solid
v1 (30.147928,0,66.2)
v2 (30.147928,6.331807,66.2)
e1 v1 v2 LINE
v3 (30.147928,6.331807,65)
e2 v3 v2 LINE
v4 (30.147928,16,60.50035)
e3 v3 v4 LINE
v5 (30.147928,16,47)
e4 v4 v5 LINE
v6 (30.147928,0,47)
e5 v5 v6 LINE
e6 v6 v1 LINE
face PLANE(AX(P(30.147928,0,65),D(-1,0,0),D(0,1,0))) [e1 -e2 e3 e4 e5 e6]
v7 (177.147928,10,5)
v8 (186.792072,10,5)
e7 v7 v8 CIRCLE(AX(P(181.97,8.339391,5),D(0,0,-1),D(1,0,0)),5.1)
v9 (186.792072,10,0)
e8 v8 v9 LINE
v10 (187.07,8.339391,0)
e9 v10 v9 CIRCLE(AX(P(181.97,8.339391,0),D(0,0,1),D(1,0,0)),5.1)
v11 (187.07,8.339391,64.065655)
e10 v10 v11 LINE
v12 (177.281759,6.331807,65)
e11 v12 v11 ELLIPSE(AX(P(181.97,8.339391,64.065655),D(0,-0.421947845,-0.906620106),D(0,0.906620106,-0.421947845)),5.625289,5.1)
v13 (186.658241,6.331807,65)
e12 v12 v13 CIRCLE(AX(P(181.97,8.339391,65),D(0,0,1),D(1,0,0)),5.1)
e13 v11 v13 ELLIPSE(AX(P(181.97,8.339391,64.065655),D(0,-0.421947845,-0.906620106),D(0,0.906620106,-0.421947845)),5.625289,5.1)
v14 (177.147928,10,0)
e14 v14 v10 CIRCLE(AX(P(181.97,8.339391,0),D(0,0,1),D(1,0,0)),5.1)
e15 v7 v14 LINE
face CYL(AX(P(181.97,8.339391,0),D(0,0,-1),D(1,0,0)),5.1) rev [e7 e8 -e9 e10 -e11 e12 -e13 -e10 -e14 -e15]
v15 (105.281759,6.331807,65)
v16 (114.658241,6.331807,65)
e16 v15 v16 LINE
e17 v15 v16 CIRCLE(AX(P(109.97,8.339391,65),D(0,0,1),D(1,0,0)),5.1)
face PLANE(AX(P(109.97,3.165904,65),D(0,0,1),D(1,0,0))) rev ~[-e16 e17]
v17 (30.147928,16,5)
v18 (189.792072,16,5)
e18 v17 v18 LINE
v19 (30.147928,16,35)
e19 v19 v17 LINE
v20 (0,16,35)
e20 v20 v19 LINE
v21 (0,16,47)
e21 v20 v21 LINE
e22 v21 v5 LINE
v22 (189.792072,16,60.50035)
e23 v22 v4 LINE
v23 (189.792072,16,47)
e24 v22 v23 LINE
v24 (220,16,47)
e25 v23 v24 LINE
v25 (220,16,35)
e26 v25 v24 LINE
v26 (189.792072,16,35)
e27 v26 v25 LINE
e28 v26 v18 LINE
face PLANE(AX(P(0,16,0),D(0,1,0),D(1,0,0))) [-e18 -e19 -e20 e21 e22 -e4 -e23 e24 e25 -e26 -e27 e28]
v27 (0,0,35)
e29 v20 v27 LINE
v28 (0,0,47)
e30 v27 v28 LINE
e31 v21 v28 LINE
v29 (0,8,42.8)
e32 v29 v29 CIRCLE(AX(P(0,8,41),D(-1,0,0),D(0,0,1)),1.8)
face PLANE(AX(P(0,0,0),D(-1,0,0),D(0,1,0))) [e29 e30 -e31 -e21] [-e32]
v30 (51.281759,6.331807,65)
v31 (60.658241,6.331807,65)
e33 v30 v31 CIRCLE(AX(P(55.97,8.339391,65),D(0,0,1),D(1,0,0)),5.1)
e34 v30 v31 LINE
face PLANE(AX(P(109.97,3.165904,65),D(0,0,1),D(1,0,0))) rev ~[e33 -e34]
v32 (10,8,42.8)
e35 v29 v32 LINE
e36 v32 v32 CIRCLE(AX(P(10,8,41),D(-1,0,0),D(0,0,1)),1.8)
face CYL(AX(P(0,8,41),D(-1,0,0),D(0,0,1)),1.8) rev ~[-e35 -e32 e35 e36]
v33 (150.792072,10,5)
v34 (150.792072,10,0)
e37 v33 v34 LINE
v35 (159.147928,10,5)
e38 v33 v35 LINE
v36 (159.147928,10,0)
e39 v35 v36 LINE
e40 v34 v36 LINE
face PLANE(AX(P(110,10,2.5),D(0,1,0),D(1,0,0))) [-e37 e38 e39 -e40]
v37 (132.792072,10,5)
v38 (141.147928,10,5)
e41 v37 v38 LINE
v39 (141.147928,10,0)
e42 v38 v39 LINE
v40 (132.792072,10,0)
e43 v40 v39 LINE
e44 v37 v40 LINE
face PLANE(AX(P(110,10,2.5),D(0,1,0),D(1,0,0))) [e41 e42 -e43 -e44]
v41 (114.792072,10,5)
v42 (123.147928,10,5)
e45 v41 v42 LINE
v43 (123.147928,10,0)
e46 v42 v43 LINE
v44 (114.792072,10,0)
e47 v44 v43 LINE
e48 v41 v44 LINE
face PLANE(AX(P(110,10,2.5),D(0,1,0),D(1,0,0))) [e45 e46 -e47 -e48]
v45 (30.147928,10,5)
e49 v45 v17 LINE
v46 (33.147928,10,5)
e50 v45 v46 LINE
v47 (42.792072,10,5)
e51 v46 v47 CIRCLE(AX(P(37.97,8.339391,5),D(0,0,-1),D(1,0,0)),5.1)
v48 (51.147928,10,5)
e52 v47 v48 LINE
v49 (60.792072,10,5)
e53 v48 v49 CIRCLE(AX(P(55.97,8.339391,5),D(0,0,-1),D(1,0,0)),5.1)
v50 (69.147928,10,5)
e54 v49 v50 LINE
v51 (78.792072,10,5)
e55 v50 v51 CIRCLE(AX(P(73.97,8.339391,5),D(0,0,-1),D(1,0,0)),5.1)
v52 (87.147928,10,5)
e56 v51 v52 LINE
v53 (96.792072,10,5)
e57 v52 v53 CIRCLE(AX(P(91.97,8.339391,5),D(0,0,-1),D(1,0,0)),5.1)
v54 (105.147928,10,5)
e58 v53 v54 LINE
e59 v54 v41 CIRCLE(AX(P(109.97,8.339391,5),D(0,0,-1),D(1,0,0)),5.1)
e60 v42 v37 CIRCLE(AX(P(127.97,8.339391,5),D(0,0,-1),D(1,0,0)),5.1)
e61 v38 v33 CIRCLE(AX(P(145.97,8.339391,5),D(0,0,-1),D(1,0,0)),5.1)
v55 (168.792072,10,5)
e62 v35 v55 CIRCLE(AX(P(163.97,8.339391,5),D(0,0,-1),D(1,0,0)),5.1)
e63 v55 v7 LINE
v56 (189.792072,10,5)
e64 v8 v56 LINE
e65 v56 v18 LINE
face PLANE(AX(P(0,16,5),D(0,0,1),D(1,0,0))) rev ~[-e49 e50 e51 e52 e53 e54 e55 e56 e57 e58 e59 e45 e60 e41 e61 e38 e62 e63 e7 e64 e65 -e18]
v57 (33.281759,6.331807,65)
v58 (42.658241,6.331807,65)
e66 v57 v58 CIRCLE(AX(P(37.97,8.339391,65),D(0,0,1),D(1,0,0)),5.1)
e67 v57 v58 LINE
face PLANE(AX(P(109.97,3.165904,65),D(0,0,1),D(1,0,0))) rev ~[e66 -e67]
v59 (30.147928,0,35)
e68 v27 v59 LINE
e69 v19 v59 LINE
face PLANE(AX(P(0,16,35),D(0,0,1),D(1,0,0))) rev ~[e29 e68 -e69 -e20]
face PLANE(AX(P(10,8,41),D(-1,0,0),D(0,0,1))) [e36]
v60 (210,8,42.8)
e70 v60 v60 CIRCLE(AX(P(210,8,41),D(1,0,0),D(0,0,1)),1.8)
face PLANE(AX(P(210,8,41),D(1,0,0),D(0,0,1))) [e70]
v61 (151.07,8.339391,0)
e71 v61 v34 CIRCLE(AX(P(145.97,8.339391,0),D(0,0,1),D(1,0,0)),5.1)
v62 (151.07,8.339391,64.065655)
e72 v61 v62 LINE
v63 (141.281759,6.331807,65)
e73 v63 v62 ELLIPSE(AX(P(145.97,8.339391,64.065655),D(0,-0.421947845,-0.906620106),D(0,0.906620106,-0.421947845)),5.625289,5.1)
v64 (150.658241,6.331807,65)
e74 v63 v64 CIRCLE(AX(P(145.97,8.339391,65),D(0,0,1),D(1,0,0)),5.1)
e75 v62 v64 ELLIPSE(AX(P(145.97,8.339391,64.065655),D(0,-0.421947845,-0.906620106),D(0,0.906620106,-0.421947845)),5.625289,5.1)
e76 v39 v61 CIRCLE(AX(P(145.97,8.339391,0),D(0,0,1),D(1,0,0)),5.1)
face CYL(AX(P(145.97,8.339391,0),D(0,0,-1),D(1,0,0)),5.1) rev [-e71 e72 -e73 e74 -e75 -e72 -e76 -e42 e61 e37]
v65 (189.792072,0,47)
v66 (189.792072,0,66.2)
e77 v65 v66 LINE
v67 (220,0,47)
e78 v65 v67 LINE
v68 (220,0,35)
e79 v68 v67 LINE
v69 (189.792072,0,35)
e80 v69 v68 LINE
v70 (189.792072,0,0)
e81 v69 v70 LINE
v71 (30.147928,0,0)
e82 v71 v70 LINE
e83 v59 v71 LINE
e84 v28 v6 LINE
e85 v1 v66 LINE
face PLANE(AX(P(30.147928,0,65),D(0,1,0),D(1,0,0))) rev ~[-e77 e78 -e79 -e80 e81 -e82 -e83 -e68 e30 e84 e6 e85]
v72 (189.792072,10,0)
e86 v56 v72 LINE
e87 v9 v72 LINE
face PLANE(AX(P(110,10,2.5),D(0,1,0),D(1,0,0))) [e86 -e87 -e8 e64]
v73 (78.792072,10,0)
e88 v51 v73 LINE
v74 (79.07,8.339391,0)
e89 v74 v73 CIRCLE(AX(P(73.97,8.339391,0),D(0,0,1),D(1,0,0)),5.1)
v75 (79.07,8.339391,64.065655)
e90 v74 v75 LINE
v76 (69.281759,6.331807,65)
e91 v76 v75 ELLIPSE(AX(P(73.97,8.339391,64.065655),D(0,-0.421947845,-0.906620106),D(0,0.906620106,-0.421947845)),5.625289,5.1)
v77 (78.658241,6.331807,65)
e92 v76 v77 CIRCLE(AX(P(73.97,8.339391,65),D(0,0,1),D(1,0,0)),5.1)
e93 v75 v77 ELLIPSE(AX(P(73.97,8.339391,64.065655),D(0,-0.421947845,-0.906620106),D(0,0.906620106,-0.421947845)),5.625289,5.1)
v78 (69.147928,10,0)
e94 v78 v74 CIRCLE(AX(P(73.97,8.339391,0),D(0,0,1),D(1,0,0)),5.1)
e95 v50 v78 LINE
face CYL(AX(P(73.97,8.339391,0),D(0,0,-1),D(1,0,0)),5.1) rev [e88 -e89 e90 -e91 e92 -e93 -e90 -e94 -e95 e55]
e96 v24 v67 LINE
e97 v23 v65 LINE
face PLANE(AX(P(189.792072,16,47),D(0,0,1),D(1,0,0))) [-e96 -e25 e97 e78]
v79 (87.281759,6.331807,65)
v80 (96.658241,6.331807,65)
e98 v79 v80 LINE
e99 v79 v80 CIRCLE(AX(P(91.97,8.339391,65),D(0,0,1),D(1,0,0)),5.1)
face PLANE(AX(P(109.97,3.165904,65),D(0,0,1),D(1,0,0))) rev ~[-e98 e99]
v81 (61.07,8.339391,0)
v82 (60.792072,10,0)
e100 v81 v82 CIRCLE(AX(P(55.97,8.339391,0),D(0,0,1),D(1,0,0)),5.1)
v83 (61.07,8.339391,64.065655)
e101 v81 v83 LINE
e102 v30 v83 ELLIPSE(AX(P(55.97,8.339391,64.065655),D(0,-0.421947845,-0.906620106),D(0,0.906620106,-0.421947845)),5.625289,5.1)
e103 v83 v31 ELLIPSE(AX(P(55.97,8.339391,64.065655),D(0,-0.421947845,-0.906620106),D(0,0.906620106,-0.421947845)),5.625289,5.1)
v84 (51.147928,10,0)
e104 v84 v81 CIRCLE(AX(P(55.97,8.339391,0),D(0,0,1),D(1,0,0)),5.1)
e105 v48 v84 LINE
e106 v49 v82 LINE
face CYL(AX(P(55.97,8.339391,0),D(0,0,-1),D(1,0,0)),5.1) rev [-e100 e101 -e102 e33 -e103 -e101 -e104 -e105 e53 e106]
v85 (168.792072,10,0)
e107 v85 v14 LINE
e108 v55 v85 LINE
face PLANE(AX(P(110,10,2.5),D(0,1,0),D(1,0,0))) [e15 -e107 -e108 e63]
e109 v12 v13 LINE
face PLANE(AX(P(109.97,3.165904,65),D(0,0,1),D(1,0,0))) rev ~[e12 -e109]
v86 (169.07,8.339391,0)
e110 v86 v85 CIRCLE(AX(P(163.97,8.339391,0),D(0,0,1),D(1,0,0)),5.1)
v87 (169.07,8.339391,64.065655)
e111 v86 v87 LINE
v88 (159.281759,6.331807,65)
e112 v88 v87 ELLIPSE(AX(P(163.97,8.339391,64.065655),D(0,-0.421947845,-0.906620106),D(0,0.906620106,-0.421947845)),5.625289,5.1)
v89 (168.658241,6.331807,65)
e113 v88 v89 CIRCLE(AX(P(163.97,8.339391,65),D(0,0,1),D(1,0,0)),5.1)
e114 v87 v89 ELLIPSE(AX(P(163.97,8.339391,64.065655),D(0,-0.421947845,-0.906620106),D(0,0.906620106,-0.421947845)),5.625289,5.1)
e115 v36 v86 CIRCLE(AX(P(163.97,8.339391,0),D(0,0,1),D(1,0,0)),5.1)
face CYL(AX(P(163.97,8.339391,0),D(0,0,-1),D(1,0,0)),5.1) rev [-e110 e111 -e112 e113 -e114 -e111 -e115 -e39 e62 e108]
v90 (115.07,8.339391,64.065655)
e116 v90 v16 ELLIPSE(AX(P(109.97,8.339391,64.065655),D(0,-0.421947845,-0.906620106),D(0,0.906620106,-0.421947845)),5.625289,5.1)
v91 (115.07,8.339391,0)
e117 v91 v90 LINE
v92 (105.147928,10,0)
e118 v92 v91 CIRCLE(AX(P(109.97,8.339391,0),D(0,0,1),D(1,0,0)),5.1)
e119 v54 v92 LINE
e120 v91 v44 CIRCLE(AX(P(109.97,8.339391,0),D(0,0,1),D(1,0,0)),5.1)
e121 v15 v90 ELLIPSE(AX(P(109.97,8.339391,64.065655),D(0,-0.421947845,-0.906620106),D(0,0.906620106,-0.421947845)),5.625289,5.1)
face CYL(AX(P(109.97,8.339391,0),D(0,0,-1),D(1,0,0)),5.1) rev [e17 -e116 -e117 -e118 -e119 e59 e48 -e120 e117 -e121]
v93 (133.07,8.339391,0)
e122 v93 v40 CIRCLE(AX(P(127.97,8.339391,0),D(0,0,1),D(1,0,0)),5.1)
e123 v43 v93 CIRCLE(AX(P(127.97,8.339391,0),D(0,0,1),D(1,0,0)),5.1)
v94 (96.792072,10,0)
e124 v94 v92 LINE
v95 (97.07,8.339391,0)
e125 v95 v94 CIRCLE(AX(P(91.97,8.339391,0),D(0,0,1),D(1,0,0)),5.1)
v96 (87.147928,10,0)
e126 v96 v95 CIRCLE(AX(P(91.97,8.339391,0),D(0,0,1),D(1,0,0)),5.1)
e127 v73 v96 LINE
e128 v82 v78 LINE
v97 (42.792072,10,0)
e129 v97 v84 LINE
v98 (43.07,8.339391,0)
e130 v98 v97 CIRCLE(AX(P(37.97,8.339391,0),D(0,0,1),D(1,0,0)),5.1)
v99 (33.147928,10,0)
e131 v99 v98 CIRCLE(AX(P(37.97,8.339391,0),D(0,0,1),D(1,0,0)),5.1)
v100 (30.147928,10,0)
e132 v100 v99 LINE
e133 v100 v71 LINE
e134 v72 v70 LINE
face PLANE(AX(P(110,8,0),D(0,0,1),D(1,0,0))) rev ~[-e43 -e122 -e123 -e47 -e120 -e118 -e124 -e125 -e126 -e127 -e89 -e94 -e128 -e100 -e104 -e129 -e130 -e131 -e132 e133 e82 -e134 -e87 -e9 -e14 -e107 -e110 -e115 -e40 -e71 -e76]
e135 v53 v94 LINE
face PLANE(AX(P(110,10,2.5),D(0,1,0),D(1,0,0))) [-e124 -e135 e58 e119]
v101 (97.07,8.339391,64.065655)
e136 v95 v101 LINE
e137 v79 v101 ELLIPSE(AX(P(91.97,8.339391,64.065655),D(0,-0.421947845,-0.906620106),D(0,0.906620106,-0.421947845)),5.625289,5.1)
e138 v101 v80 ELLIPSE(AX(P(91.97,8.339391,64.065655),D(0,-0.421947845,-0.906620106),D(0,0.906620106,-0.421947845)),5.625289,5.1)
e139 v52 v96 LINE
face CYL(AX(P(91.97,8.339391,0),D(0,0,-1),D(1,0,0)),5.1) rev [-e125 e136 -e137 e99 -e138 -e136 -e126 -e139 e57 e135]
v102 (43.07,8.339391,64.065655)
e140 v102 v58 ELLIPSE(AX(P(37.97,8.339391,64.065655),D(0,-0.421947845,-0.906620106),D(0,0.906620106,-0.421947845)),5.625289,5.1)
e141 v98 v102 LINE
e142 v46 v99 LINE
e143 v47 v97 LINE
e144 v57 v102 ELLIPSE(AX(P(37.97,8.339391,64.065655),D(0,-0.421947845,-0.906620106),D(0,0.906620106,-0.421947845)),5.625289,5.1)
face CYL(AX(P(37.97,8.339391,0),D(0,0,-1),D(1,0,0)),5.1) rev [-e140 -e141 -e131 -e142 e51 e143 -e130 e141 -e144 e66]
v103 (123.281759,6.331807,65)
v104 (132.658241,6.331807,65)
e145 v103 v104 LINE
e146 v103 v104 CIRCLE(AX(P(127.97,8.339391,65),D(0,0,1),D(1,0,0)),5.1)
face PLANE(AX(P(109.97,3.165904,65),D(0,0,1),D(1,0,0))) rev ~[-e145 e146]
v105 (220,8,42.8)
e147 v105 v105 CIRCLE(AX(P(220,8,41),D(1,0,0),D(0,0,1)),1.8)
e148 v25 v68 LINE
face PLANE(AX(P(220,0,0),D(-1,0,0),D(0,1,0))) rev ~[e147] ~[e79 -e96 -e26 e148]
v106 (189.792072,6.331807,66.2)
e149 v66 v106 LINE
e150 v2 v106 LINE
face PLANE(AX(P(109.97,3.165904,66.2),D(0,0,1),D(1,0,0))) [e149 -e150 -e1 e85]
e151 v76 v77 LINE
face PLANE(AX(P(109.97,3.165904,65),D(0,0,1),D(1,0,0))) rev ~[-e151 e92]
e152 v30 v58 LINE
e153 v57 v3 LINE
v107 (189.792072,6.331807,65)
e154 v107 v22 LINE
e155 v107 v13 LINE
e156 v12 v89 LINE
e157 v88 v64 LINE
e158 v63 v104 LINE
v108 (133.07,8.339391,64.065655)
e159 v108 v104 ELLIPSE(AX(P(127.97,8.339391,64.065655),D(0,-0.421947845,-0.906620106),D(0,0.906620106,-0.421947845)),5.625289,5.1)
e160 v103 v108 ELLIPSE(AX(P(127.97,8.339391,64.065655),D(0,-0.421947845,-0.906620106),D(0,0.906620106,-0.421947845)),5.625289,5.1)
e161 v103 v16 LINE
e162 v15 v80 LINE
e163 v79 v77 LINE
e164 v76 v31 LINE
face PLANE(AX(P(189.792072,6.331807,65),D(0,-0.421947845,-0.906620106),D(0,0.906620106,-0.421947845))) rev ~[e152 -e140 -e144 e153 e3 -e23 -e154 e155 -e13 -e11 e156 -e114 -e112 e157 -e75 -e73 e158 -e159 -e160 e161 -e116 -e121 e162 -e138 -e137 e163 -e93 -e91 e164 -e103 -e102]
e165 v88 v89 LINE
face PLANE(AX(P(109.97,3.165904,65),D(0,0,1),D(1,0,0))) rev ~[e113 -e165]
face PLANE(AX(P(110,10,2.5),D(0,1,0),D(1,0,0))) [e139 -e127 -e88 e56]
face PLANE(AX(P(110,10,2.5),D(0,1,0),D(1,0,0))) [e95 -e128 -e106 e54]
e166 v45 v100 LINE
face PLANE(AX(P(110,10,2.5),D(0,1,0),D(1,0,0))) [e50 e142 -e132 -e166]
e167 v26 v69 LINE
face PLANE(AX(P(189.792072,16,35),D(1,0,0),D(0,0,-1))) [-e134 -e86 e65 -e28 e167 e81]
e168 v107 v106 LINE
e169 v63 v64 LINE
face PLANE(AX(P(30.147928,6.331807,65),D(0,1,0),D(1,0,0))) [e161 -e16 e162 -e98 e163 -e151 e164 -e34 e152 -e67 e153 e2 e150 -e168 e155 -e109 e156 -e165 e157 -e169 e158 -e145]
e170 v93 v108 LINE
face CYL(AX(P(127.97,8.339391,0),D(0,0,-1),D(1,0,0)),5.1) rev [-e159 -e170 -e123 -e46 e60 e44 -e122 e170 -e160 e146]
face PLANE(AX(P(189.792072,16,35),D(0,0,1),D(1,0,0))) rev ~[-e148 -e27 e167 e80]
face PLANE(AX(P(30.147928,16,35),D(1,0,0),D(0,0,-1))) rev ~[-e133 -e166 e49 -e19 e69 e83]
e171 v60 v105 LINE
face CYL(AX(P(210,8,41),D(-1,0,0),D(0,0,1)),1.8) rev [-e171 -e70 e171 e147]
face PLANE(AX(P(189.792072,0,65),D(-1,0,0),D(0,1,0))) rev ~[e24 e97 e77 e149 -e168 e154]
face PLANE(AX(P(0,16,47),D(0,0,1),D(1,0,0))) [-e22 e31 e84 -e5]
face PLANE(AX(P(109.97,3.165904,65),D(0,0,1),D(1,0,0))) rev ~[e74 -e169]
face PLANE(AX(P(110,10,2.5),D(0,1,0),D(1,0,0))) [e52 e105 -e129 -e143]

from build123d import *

# Parameters (mm, degrees)
SKETCH_1_W          = 220
SKETCH_1_H          = 16
SKETCH_1_R          = 5.1
EXTRUDE_1_DEPTH     = 65
SKETCH_2_W          = 220
SKETCH_2_H          = 5
CUT_EXTRUDE_1_DEPTH = 6
SKETCH_3_W          = 30.147927972
SKETCH_3_H          = 35
SKETCH_3_H_2        = 18
SKETCH_3_W_2        = 30.207927972
CUT_EXTRUDE_2_DEPTH = 230.958691943
SKETCH_4_R          = 1.8
CUT_EXTRUDE_3_DEPTH = 10
CUT_EXTRUDE_START   = -10
SKETCH_5_R          = 1.8
CUT_EXTRUDE_4_DEPTH = 10
CUT_EXTRUDE_7_DEPTH = 202.251162989
SKETCH_9_W          = 159.644144056
SKETCH_9_H          = 6.33180748
EXTRUDE_2_DEPTH     = 1.2


with BuildPart() as part:
    # Эскиз1 → Бобышка-Вытянуть1 (new body)
    with BuildSketch(Plane.XY):
        with Locations((110, 8)):
            Rectangle(SKETCH_1_W, SKETCH_1_H)
        with Locations((37.97, 8.339391268)):
            Circle(SKETCH_1_R, mode=Mode.SUBTRACT)
        with Locations((55.97, 8.339391268)):
            Circle(SKETCH_1_R, mode=Mode.SUBTRACT)
        with Locations((73.97, 8.339391268)):
            Circle(SKETCH_1_R, mode=Mode.SUBTRACT)
        with Locations((91.97, 8.339391268)):
            Circle(SKETCH_1_R, mode=Mode.SUBTRACT)
        with Locations((109.97, 8.339391268)):
            Circle(SKETCH_1_R, mode=Mode.SUBTRACT)
        with Locations((127.97, 8.339391268)):
            Circle(SKETCH_1_R, mode=Mode.SUBTRACT)
        with Locations((145.97, 8.339391268)):
            Circle(SKETCH_1_R, mode=Mode.SUBTRACT)
        with Locations((163.97, 8.339391268)):
            Circle(SKETCH_1_R, mode=Mode.SUBTRACT)
        with Locations((181.97, 8.339391268)):
            Circle(SKETCH_1_R, mode=Mode.SUBTRACT)
    extrude(amount=EXTRUDE_1_DEPTH)

    # Эскиз2 → Вырез-Вытянуть1 (cut)
    with BuildSketch(Plane(origin=(0, 16, 0), x_dir=(1, 0, 0), z_dir=(0, 1, 0))):
        with Locations((110, -2.5)):
            Rectangle(SKETCH_2_W, SKETCH_2_H)
    extrude(amount=-CUT_EXTRUDE_1_DEPTH, mode=Mode.SUBTRACT)

    # Эскиз3 → Вырез-Вытянуть2 (cut, through all)
    with BuildSketch(Plane(origin=(0, 16, 0), x_dir=(1, 0, 0), z_dir=(0, 1, 0))):
        with Locations((15.073963986, -17.5)):
            Rectangle(SKETCH_3_W, SKETCH_3_H)
        with Locations((15.073963986, -56)):
            Rectangle(SKETCH_3_W, SKETCH_3_H_2)
        with Locations((204.896036014, -17.5)):
            Rectangle(SKETCH_3_W_2, SKETCH_3_H)
        with Locations((204.896036014, -56)):
            Rectangle(SKETCH_3_W_2, SKETCH_3_H_2)
    extrude(amount=-CUT_EXTRUDE_2_DEPTH, mode=Mode.SUBTRACT)

    # Эскиз4 → Вырез-Вытянуть3 (cut)
    with BuildSketch(Plane.ZY):
        with Locations((41, 8)):
            Circle(SKETCH_4_R)
    extrude(amount=-CUT_EXTRUDE_3_DEPTH, mode=Mode.SUBTRACT)

    # Эскиз5 → Вырез-Вытянуть4 (cut)
    with BuildSketch(Plane(origin=(220, 0, 0), x_dir=(0, 0, -1), z_dir=(1, 0, 0)).offset(CUT_EXTRUDE_START)):
        with Locations(Location((-41, 8, 0), (0, 0, 180))):
            Circle(SKETCH_5_R)
    extrude(amount=CUT_EXTRUDE_4_DEPTH, mode=Mode.SUBTRACT)

    # Эскиз8 → Вырез-Вытянуть7 (cut, through all)
    with BuildSketch(Plane(origin=(189.792072028, 0, 0), x_dir=(0, 0, -1), z_dir=(1, 0, 0))):
        Polygon((-65, 6.33180748), (-60.500350176, 16), (-65, 16), align=None)
    extrude(amount=-CUT_EXTRUDE_7_DEPTH, mode=Mode.SUBTRACT)

    # Эскиз9 → Бобышка-Вытянуть2 (add)
    with BuildSketch(Plane.XY.offset(65)):
        with Locations((109.97, 3.16590374)):
            Rectangle(SKETCH_9_W, SKETCH_9_H)
    extrude(amount=EXTRUDE_2_DEPTH)


solid = part.part
